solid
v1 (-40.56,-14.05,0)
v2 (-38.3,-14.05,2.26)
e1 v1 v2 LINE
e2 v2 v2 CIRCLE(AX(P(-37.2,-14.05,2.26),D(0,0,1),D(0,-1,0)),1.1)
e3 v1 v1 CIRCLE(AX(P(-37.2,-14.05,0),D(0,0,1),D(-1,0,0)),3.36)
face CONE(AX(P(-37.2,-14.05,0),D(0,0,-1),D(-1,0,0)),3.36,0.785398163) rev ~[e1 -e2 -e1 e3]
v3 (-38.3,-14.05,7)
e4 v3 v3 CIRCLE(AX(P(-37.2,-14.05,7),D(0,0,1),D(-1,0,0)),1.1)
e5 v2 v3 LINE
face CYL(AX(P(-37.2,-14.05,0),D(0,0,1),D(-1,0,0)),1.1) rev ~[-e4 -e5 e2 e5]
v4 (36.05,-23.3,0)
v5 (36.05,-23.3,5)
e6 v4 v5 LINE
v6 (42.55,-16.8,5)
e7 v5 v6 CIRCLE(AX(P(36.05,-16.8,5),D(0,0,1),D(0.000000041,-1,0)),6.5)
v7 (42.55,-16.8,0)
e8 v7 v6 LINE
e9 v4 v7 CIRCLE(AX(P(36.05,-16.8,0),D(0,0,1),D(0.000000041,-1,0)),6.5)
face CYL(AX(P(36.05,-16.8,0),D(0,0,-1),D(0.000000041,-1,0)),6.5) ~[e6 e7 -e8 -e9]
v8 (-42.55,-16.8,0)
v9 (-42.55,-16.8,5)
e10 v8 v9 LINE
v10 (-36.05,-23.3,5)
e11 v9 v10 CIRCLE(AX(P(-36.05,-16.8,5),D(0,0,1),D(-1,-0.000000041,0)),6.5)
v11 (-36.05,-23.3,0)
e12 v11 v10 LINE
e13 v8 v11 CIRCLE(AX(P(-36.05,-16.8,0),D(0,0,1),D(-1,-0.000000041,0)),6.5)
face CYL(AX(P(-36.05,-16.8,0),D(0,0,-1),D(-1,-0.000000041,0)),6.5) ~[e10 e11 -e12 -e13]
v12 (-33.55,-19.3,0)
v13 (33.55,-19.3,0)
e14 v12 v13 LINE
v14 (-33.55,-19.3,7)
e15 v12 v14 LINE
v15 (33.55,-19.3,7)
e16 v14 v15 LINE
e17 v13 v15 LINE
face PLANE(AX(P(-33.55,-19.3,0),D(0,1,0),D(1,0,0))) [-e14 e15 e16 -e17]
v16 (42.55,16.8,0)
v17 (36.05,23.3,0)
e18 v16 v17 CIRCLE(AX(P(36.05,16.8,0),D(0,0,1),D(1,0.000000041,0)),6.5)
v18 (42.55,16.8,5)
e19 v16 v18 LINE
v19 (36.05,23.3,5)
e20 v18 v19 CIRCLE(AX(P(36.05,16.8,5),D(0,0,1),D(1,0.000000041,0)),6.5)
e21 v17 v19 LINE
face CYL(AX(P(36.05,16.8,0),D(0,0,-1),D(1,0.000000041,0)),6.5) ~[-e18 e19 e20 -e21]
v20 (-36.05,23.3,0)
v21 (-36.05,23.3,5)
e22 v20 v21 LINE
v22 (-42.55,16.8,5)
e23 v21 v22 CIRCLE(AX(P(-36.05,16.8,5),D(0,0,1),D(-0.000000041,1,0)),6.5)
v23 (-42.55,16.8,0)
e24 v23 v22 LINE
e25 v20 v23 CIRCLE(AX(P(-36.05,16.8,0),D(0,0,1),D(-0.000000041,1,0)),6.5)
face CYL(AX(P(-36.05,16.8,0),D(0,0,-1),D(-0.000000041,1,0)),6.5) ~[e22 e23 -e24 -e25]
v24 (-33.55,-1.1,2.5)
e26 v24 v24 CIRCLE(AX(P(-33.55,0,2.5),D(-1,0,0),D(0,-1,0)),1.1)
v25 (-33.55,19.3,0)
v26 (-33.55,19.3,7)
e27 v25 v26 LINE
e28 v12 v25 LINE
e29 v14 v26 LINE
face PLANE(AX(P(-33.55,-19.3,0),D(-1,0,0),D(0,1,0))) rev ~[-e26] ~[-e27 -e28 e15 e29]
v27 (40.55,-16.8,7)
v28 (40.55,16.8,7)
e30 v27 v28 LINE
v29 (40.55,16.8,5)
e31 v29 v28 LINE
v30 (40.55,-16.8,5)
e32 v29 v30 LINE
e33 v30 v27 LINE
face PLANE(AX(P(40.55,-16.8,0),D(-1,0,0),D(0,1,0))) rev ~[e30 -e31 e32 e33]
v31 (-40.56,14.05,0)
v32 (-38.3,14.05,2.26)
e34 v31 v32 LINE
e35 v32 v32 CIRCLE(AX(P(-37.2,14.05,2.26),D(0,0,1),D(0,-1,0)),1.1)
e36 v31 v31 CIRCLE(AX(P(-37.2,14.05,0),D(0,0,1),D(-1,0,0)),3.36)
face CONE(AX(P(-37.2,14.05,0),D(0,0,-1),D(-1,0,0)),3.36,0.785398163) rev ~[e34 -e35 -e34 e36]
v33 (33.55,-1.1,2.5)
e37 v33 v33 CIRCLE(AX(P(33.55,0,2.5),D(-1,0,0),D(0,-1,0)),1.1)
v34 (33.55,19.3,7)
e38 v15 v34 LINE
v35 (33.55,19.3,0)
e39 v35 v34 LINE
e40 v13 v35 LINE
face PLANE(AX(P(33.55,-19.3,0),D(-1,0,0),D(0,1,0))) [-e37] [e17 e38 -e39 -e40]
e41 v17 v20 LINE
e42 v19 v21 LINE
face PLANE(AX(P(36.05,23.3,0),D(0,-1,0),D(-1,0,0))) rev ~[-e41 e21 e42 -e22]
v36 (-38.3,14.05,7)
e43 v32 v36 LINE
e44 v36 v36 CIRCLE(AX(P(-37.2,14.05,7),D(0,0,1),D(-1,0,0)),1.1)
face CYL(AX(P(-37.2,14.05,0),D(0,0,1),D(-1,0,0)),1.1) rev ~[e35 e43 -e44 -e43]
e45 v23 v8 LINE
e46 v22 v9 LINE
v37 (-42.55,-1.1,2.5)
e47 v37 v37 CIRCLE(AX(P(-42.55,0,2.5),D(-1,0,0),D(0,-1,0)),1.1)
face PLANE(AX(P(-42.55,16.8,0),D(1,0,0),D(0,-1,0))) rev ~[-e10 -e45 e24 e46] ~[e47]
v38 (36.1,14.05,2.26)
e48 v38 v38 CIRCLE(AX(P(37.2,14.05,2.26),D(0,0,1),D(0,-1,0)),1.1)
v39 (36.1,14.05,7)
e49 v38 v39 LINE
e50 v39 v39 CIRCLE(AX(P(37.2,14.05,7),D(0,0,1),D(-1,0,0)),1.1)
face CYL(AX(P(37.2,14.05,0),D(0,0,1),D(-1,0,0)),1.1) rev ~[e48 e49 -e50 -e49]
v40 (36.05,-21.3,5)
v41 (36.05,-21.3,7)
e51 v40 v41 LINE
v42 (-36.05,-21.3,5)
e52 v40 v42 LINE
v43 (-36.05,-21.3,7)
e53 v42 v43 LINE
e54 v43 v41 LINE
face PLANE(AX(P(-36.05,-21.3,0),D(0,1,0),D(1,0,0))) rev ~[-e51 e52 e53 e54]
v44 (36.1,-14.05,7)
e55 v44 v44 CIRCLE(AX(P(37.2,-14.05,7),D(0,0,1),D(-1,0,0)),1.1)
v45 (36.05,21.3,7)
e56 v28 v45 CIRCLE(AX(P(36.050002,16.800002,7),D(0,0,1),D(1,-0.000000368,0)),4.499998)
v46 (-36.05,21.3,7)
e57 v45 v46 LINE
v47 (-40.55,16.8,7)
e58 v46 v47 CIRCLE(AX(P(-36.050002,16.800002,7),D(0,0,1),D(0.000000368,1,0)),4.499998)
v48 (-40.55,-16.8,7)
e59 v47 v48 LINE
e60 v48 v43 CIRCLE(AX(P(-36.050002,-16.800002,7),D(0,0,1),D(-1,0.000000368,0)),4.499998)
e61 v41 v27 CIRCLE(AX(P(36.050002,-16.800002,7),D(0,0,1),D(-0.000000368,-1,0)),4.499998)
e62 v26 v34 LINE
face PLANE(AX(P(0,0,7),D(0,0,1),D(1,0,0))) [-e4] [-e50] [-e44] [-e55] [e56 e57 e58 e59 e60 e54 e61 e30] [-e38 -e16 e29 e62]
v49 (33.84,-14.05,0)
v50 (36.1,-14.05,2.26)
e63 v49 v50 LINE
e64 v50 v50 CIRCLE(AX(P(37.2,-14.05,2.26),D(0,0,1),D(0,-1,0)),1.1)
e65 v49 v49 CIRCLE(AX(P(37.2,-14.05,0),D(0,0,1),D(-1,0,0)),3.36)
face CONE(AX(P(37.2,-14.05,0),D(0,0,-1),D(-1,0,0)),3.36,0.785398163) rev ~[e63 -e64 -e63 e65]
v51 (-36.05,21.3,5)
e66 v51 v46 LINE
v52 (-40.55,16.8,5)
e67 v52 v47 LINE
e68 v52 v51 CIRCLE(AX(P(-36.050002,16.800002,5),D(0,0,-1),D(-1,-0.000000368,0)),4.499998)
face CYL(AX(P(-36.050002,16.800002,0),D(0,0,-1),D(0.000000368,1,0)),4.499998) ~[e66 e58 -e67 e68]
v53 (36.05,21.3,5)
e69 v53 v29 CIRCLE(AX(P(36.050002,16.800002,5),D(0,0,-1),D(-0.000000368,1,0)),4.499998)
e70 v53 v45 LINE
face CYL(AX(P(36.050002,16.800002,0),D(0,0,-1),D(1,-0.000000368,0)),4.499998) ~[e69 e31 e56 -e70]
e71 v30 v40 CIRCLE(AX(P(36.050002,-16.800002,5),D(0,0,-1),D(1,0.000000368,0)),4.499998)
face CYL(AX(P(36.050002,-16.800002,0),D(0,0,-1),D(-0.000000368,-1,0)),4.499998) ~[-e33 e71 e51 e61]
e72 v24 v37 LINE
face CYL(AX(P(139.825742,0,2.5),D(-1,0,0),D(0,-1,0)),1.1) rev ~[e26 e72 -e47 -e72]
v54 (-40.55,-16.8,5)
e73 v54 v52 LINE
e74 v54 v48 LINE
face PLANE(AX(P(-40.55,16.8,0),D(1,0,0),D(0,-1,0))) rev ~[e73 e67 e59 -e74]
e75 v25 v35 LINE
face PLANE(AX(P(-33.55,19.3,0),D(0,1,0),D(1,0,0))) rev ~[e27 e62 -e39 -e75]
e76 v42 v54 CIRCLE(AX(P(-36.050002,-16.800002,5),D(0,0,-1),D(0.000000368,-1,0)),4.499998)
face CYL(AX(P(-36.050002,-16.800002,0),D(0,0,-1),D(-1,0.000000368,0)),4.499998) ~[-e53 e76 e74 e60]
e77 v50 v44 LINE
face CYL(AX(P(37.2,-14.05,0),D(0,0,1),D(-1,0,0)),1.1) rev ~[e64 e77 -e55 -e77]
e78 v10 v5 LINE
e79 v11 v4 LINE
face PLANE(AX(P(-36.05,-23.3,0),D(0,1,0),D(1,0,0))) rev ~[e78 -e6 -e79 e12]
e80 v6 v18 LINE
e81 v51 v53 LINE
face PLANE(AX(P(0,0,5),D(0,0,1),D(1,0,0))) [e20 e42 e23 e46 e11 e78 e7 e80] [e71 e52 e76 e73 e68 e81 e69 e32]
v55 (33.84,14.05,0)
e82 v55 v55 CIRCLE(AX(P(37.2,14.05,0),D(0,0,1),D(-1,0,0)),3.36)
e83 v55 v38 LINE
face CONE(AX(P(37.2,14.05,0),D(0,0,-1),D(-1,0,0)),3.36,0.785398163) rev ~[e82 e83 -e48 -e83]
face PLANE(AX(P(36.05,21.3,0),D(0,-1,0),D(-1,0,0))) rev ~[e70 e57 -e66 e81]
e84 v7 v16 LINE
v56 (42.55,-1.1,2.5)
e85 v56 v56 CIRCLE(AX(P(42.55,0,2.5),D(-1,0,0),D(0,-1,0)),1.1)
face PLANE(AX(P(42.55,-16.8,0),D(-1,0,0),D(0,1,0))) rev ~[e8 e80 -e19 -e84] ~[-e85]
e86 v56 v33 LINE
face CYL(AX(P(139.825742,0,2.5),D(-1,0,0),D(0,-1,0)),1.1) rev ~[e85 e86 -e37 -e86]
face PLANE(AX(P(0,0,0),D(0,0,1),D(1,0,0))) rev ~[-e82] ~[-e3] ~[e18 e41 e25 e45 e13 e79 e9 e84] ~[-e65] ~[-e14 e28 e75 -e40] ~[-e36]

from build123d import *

# Parameters (mm, degrees)
F0_W           = 67.1
F0_H           = 38.6
F1_DEPTH       = 7
F2_DEPTH       = 5
F3_D           = 2.2
F3_CSINK_D     = 6.72
F3_CSINK_ANGLE = 90
F5_D           = 2.2


with BuildPart() as f1:
    # F0 (on Top) → F1 (new body)
    with BuildSketch(Plane.XY):
        with BuildLine():
            ThreePointArc((40.55, 16.8), (39.231981, 19.981981), (36.05, 21.3))
            Line((36.05, 21.3), (-36.05, 21.3))
            ThreePointArc((-36.05, 21.3), (-39.231981, 19.981981), (-40.55, 16.8))
            Line((-40.55, 16.8), (-40.55, -16.8))
            ThreePointArc((-40.55, -16.8), (-39.231981, -19.981981), (-36.05, -21.3))
            Line((-36.05, -21.3), (36.05, -21.3))
            ThreePointArc((36.05, -21.3), (39.231981, -19.981981), (40.55, -16.8))
            Line((40.55, -16.8), (40.55, 16.8))
        make_face()
        Rectangle(F0_W, F0_H, mode=Mode.SUBTRACT)
    extrude(amount=F1_DEPTH)

    # F0 (on Top) → F2 (join)
    with BuildSketch(Plane.XY):
        with BuildLine():
            Line((42.55, -16.8), (42.55, 16.8))
            ThreePointArc((42.55, 16.8), (40.646194, 21.396194), (36.05, 23.3))
            Line((36.05, 23.3), (-36.05, 23.3))
            ThreePointArc((-36.05, 23.3), (-40.646194, 21.396194), (-42.55, 16.8))
            Line((-42.55, 16.8), (-42.55, -16.8))
            ThreePointArc((-42.55, -16.8), (-40.646194, -21.396194), (-36.05, -23.3))
            Line((-36.05, -23.3), (36.05, -23.3))
            ThreePointArc((36.05, -23.3), (40.646194, -21.396194), (42.55, -16.8))
        make_face()
        with BuildLine():
            Line((-36.05, 21.3), (36.05, 21.3))
            ThreePointArc((36.05, 21.3), (39.231981, 19.981981), (40.55, 16.8))
            Line((40.55, 16.8), (40.55, -16.8))
            ThreePointArc((40.55, -16.8), (39.231981, -19.981981), (36.05, -21.3))
            Line((36.05, -21.3), (-36.05, -21.3))
            ThreePointArc((-36.05, -21.3), (-39.231981, -19.981981), (-40.55, -16.8))
            Line((-40.55, -16.8), (-40.55, 16.8))
            ThreePointArc((-40.55, 16.8), (-39.231981, 19.981981), (-36.05, 21.3))
        make_face(mode=Mode.SUBTRACT)
    extrude(amount=F2_DEPTH)

    # F3 (through all)
    with Locations(Plane(origin=(0, 0, 0), x_dir=(1, 0, 0), z_dir=(0, 0, -1))):
        with Locations((37.2, 14.05), (37.2, -14.05), (-37.2, -14.05), (-37.2, 14.05)):
            CounterSinkHole(F3_D / 2, F3_CSINK_D / 2, counter_sink_angle=F3_CSINK_ANGLE)

    # F5 (through all)
    with Locations(Plane.YZ.offset(42.55)):
        with Locations((0, 2.5)):
            Hole(F5_D / 2)


solid = f1.part
